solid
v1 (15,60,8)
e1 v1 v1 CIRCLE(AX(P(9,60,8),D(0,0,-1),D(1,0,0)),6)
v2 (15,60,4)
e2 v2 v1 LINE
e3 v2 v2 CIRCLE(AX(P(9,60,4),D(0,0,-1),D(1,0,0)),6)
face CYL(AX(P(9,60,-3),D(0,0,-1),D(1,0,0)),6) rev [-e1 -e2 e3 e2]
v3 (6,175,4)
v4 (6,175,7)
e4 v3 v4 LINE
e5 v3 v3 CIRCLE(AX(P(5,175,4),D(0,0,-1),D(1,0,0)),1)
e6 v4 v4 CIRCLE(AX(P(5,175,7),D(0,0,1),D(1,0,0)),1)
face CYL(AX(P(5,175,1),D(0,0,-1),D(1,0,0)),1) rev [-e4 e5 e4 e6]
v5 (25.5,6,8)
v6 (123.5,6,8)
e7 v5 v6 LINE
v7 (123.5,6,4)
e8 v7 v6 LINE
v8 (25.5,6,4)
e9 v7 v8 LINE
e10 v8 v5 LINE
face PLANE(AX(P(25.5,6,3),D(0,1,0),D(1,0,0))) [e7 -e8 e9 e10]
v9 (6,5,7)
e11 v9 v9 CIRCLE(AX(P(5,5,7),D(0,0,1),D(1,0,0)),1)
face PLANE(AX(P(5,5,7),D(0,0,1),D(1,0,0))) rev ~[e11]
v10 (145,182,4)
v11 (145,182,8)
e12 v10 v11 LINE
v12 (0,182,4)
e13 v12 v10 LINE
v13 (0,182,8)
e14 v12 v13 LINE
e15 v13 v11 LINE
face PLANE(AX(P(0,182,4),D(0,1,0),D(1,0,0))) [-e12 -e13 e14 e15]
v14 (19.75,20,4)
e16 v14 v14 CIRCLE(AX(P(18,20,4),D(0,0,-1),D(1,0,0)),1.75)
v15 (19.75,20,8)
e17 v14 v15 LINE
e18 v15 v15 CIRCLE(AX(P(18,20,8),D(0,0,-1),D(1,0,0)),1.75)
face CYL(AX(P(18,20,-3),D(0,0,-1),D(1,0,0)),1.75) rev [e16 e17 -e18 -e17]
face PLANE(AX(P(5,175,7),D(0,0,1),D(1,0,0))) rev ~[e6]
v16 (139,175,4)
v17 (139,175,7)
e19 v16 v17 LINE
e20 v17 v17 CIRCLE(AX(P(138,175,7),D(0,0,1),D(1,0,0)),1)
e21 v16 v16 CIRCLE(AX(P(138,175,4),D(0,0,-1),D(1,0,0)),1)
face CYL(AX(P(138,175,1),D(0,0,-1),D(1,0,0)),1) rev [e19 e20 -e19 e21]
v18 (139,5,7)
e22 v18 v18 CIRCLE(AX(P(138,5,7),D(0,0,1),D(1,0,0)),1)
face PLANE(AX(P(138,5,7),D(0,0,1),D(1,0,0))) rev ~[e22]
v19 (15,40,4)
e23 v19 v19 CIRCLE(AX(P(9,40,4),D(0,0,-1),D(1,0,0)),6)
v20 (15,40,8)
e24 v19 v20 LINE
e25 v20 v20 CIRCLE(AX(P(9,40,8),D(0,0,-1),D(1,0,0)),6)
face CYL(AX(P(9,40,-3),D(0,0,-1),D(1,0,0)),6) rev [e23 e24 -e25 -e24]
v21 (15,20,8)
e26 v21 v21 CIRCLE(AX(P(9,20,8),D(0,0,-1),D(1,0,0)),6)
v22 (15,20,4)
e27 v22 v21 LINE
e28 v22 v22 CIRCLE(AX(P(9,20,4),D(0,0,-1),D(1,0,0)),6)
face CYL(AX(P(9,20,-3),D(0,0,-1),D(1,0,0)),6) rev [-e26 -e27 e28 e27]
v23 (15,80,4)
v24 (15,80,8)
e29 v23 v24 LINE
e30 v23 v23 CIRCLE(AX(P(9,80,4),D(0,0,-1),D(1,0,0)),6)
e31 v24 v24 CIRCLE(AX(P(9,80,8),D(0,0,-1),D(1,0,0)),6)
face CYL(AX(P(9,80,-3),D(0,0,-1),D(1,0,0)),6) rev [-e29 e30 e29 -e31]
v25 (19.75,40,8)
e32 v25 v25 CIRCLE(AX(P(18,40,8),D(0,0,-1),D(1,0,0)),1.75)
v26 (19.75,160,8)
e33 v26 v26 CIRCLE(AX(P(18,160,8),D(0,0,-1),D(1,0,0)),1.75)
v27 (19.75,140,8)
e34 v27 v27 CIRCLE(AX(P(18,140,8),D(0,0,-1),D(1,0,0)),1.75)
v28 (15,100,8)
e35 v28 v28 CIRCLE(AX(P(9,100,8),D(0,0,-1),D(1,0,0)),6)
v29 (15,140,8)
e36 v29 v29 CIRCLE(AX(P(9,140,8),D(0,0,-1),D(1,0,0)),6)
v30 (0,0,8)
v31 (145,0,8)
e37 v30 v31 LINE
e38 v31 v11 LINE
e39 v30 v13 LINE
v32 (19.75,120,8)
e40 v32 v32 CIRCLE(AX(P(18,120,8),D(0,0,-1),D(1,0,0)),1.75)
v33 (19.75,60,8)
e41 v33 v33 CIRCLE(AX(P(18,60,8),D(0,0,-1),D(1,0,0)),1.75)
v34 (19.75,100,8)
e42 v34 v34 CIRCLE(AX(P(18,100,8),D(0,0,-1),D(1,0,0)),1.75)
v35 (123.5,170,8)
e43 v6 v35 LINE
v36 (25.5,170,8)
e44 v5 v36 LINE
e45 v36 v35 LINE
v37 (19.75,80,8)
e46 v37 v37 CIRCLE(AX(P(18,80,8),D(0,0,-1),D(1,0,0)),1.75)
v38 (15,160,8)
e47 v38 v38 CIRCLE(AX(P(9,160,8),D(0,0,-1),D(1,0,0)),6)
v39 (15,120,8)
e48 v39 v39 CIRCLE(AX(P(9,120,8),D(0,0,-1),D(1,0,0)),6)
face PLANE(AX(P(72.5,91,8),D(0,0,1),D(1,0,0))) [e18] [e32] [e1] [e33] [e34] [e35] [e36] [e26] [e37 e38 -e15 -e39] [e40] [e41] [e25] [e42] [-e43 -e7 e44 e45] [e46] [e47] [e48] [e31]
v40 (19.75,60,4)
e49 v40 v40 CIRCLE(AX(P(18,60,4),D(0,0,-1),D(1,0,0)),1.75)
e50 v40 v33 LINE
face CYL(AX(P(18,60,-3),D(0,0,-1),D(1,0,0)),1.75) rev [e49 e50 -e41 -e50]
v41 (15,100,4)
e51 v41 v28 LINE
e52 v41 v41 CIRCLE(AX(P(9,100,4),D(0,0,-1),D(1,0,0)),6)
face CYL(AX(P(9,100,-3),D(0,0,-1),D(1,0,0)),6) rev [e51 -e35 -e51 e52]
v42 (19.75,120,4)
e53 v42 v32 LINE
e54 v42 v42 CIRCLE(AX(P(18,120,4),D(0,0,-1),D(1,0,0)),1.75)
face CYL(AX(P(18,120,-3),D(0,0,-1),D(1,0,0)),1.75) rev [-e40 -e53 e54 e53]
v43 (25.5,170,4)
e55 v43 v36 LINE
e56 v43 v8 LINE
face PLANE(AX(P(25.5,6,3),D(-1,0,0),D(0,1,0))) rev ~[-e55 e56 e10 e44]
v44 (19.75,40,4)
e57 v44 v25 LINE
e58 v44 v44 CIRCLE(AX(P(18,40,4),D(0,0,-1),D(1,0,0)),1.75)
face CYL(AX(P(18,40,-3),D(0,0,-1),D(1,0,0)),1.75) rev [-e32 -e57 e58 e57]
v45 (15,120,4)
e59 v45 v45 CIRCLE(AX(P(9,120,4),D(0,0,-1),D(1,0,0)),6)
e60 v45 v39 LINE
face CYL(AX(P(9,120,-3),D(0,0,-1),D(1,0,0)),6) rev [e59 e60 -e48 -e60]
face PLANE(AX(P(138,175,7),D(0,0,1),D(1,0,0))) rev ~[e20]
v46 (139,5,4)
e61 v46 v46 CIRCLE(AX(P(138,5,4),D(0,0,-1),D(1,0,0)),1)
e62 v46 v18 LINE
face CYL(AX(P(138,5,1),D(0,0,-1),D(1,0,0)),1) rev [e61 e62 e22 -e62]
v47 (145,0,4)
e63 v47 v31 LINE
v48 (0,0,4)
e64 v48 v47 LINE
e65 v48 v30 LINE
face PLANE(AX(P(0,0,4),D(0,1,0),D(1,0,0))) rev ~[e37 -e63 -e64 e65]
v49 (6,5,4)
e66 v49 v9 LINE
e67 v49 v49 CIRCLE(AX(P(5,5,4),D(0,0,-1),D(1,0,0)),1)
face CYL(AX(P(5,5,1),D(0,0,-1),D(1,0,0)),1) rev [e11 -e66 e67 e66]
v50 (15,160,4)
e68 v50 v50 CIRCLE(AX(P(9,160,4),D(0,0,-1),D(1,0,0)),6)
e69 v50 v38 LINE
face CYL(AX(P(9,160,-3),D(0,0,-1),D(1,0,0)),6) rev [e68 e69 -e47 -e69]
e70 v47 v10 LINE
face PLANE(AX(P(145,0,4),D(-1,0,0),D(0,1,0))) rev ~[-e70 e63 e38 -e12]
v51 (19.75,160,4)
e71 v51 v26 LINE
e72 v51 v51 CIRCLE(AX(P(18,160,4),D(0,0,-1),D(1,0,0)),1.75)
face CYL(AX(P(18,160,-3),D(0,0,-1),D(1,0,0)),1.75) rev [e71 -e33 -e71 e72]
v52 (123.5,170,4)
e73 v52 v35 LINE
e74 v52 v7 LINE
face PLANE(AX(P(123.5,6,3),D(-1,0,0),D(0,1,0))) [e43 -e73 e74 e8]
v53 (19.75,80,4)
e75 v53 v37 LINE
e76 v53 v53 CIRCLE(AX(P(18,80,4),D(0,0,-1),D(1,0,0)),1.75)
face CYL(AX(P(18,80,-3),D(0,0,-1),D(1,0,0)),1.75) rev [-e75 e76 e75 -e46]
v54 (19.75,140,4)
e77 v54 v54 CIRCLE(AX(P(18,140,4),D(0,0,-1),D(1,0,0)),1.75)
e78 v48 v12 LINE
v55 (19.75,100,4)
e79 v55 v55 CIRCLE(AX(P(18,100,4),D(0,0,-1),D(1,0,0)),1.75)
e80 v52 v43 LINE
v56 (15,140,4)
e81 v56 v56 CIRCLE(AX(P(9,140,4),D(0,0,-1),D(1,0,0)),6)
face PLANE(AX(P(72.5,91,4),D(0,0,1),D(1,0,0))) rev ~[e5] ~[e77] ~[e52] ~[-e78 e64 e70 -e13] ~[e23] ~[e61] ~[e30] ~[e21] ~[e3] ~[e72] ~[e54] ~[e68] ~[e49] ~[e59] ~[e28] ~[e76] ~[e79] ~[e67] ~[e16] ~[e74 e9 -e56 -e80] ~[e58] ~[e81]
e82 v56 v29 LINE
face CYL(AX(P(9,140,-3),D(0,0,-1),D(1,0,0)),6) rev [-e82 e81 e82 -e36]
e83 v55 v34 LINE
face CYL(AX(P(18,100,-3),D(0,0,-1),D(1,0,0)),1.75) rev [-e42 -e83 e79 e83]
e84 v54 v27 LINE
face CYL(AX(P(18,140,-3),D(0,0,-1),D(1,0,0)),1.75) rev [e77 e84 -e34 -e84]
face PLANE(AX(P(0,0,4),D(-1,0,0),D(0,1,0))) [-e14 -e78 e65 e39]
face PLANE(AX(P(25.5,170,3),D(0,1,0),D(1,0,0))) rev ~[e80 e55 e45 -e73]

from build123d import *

# Parameters (mm, degrees)
BOX_W                                = 145
BOX_H                                = 182
BOX_DEPTH                            = 4
BOX001_W                             = 98
BOX001_H                             = 164
BOX001_DEPTH                         = 5
CYLINDER_R                           = 6
CYLINDER_DEPTH                       = 12
CYLINDER001_R                        = 1.75
CYLINDER001_DEPTH                    = 12
LINEARPATTERN_COUNT                  = 8
LINEARPATTERN_PITCH                  = 20
CYLINDER003_R                        = 1
CYLINDER003_DEPTH                    = 6
CYLINDER003_LINEARPATTERN004_2_R     = 1
CYLINDER003_LINEARPATTERN004_2_DEPTH = 6
LINEARPATTERN005_COUNT               = 2
LINEARPATTERN005_PITCH               = 170


with BuildPart() as part:
    # Box → Box (join)
    with BuildSketch(Plane.XY):
        with Locations((72.5, 91)):
            Rectangle(BOX_W, BOX_H)
    extrude(amount=BOX_DEPTH)

    # Box001 → Box001 (cut)
    with BuildSketch(Plane(origin=(25.5, 6, -1), x_dir=(1, 0, 0), z_dir=(0, 0, 1))):
        with Locations((49, 82)):
            Rectangle(BOX001_W, BOX001_H)
    extrude(amount=BOX001_DEPTH, mode=Mode.SUBTRACT)

    # Cylinder → Cylinder (cut)
    with BuildSketch(Plane(origin=(9, 20, -7), x_dir=(1, 0, 0), z_dir=(0, 0, 1))):
        Circle(CYLINDER_R)
    cylinder = extrude(amount=CYLINDER_DEPTH, mode=Mode.SUBTRACT)

    # Cylinder001 → Cylinder001 (cut)
    with BuildSketch(Plane(origin=(18, 20, -7), x_dir=(1, 0, 0), z_dir=(0, 0, 1))):
        Circle(CYLINDER001_R)
    cylinder001 = extrude(amount=CYLINDER001_DEPTH, mode=Mode.SUBTRACT)

    # LinearPattern: Cylinder, Cylinder001 ×8
    with Locations(*[(0, i * LINEARPATTERN_PITCH, 0) for i in range(1, LINEARPATTERN_COUNT)]):
        add(cylinder, mode=Mode.SUBTRACT)
        add(cylinder001, mode=Mode.SUBTRACT)

    # Cylinder003 → Cylinder003 (cut)
    with BuildSketch(Plane(origin=(5, 5, -3), x_dir=(1, 0, 0), z_dir=(0, 0, 1))):
        Circle(CYLINDER003_R)
    cylinder003 = extrude(amount=CYLINDER003_DEPTH, mode=Mode.SUBTRACT)

    # Cylinder003 LinearPattern004 2 → Cylinder003 LinearPattern004 2 (cut)
    with BuildSketch(Plane(origin=(138, 5, -3), x_dir=(1, 0, 0), z_dir=(0, 0, 1))):
        Circle(CYLINDER003_LINEARPATTERN004_2_R)
    cylinder003_linearpattern004_2 = extrude(amount=CYLINDER003_LINEARPATTERN004_2_DEPTH, mode=Mode.SUBTRACT)

    # LinearPattern005: Cylinder003, Cylinder003 LinearPattern004 2 ×2
    with Locations(*[(0, i * LINEARPATTERN005_PITCH, 0) for i in range(1, LINEARPATTERN005_COUNT)]):
        add(cylinder003, mode=Mode.SUBTRACT)
        add(cylinder003_linearpattern004_2, mode=Mode.SUBTRACT)


with BuildPart() as part_1:
    # Body placement: moved
    add(part.part.moved(Location((0, 0, 4))))


solid = part_1.part
